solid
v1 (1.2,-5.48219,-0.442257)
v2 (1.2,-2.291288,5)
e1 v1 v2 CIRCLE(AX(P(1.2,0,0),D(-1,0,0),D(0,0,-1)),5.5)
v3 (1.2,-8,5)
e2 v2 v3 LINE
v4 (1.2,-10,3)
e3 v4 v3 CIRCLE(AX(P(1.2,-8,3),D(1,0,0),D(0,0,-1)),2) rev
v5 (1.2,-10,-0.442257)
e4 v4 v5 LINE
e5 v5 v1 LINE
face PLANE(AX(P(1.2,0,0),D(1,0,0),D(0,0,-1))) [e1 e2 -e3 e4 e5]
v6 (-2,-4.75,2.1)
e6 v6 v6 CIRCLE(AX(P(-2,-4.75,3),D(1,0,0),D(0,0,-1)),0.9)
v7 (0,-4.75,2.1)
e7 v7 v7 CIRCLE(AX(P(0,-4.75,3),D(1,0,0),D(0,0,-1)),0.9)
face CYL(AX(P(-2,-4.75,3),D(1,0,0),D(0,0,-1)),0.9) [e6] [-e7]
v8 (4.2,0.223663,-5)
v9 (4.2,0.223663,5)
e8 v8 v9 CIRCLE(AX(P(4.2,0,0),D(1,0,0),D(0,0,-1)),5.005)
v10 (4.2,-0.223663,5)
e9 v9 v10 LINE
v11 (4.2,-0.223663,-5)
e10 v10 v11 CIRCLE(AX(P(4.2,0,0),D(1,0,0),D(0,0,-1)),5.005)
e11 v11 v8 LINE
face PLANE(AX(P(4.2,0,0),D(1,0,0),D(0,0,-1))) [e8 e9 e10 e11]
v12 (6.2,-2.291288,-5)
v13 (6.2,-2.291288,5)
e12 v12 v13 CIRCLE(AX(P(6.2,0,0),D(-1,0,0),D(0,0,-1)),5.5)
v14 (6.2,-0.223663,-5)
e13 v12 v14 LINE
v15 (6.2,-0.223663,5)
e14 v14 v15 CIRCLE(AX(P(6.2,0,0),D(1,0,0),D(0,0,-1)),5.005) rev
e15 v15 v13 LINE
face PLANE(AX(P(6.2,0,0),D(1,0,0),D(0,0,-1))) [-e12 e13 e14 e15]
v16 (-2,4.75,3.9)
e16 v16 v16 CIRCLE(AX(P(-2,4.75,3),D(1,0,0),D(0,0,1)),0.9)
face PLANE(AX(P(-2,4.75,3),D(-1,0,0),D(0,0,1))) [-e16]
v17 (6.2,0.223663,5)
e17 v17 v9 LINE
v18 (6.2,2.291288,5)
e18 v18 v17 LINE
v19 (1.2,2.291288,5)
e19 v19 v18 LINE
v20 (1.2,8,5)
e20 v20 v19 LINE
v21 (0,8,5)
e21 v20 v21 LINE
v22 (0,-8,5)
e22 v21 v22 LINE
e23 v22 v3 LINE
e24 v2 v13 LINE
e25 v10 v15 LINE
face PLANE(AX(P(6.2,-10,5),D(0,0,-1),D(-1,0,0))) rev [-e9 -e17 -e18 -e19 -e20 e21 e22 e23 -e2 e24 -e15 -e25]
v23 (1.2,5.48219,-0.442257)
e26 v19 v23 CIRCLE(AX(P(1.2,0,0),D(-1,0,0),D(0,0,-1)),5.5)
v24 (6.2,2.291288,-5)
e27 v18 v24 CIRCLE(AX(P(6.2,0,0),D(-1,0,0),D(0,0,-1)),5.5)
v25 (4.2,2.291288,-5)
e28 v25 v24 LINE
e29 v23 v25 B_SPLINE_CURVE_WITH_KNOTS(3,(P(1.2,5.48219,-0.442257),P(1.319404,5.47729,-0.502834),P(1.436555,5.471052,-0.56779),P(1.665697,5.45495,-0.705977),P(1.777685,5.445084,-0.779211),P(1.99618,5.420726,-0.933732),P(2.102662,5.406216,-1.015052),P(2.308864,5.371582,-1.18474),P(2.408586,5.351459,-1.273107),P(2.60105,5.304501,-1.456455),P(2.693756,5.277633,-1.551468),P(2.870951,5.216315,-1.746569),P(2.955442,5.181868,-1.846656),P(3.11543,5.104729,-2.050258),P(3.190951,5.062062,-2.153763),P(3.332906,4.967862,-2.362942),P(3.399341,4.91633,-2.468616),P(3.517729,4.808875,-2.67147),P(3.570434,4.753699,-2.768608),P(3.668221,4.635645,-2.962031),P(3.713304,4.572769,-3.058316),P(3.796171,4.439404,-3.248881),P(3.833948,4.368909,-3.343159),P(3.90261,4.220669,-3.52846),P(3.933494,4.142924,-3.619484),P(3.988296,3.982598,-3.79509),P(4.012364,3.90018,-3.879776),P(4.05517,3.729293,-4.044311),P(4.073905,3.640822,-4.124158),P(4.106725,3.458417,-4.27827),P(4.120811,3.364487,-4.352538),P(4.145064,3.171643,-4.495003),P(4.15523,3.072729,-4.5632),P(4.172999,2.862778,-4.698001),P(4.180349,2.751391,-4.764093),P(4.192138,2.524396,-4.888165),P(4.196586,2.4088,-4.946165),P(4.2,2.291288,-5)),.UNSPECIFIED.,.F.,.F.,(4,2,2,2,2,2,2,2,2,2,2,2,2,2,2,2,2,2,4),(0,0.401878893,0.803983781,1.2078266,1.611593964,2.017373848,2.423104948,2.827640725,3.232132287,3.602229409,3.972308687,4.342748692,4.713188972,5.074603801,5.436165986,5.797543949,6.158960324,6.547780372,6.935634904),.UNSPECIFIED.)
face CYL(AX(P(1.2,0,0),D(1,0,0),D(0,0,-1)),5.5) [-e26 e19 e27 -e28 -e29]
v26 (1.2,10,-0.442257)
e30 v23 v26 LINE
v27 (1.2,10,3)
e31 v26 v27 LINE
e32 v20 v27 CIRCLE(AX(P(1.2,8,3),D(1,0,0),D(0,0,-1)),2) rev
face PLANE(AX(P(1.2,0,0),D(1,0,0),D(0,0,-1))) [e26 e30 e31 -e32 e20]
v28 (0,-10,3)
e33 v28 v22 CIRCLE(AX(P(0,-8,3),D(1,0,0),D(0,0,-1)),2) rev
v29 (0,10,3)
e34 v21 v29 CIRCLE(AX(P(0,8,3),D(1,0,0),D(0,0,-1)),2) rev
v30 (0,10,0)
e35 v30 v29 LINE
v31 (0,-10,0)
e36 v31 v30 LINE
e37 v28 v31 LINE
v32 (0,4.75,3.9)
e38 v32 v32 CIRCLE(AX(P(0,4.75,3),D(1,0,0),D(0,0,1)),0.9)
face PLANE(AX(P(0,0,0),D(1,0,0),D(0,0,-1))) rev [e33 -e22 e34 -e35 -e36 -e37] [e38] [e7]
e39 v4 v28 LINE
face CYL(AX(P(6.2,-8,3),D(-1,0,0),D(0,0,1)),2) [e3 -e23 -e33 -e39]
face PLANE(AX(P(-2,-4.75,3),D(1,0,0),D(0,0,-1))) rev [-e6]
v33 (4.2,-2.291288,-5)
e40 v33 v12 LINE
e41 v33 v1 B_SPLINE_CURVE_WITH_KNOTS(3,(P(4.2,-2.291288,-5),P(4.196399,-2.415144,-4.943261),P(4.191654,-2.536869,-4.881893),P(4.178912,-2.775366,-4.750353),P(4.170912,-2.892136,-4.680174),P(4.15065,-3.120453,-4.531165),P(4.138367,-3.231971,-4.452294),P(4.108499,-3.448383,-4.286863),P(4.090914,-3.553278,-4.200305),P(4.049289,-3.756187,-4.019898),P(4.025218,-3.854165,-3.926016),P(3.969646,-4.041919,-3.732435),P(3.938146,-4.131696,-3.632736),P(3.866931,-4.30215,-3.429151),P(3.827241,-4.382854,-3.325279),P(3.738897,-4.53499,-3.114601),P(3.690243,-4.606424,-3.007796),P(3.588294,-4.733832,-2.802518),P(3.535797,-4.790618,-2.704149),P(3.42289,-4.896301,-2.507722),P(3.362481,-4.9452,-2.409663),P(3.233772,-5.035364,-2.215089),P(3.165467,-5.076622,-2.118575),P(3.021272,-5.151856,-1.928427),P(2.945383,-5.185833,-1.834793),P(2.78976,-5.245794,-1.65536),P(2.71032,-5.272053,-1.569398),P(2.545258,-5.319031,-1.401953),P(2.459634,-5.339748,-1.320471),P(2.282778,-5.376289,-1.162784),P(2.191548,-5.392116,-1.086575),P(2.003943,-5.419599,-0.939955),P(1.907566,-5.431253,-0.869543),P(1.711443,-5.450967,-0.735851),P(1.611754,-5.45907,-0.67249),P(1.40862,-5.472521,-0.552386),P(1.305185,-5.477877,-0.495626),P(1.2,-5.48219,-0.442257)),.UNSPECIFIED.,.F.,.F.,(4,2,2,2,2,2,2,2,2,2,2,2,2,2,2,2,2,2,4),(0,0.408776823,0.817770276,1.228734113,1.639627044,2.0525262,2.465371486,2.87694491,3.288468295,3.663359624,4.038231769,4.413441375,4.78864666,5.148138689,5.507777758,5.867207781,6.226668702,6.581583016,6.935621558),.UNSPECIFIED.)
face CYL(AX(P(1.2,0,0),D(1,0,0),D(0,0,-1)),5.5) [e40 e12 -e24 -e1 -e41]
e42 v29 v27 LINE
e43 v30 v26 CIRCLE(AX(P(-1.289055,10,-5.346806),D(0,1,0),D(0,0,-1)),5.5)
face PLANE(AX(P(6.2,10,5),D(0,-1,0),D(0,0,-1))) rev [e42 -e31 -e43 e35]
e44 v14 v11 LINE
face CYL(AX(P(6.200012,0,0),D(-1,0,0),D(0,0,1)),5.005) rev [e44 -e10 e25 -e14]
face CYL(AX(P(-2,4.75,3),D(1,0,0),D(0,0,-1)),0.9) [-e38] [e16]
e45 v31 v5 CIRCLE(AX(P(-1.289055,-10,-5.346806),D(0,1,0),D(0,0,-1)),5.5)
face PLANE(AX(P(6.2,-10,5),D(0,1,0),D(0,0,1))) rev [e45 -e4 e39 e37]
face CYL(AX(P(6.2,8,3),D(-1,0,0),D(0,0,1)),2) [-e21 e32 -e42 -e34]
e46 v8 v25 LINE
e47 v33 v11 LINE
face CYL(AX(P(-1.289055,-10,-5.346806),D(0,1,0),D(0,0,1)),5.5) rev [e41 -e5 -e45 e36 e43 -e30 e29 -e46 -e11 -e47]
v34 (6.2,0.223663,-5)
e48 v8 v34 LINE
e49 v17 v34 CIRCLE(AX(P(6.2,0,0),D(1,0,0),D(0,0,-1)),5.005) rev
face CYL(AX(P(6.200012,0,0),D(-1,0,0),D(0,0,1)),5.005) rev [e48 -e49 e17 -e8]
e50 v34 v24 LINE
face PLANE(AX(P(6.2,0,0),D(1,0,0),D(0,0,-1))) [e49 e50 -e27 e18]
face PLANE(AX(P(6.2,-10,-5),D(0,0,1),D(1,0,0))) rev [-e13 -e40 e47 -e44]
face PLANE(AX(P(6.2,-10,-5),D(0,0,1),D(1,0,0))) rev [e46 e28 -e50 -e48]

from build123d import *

# Parameters (mm, degrees)
SKETCH1_W               = 20
SKETCH1_H               = 10
BOSS_EXTRUDE1_DEPTH     = 6.2
SKETCH2_R               = 0.9
BOSS_EXTRUDE2_DEPTH     = 2
FILLET1_R               = 2
CUT_EXTRUDE1_DEPTH      = 14.86506401
CUT_EXTRUDE1_DEPTH_BACK = 2
SKETCH3_R               = 5.005
CUT_EXTRUDE2_DEPTH      = 13.784365452
CUT_EXTRUDE2_DEPTH_BACK = 13.784365452
CUT_EXTRUDE3_DEPTH      = 5


with BuildPart() as part:
    # Sketch1 → Boss-Extrude1 (new body)
    with BuildSketch(Plane.YZ):
        Rectangle(SKETCH1_W, SKETCH1_H)
    extrude(amount=BOSS_EXTRUDE1_DEPTH)

    # Sketch2 → Boss-Extrude2 (add)
    with BuildSketch(Plane.YZ):
        with Locations(Location((-4.75, 3, 0), (0, 0, 270))):
            Circle(SKETCH2_R)
        with Locations(Location((4.75, 3, 0), (0, 0, 90))):
            Circle(SKETCH2_R)
    extrude(amount=-BOSS_EXTRUDE2_DEPTH)

    # Fillet1
    fillet1_edges = [part.edges().sort_by_distance(p)[0] for p in [
        (3.1, -10, 5),
        (3.1, 10, 5),
    ]]
    fillet(fillet1_edges, radius=FILLET1_R)

    # Sketch3 → Cut-Extrude1 (cut, two sides: drawn at the far end of the back side and taken through both)
    with BuildSketch(Plane.YZ.offset(6.2).offset(-CUT_EXTRUDE1_DEPTH_BACK)):
        Circle(SKETCH3_R)
    extrude(amount=CUT_EXTRUDE1_DEPTH + CUT_EXTRUDE1_DEPTH_BACK, mode=Mode.SUBTRACT)

    # Sketch4 → Cut-Extrude2 (cut, two sides: drawn at the far end of the back side and taken through both)
    with BuildSketch(Plane(origin=(0, 0, 0), x_dir=(-1, 0, 0), z_dir=(0, 1, 0)).offset(-CUT_EXTRUDE2_DEPTH_BACK)):
        with BuildLine():
            Line((-4.2, -5), (0, -5))
            Line((0, -5), (0, 0))
            ThreePointArc((0, 0), (-2.922321699, -1.809249773), (-4.2, -5))
        make_face()
    extrude(amount=CUT_EXTRUDE2_DEPTH + CUT_EXTRUDE2_DEPTH_BACK, mode=Mode.SUBTRACT)

    # Sketch5 → Cut-Extrude3 (cut)
    with BuildSketch(Plane.YZ.offset(6.2)):
        with BuildLine():
            Line((-10, 5), (-2.291287847, 5))
            ThreePointArc((-2.291287847, 5), (-5.5, 0), (-2.291287847, -5))
            Line((-2.291287847, -5), (-10, -5))
            Line((-10, -5), (-10, 5))
        make_face()
        with BuildLine():
            Line((10, 5), (10, -5))
            Line((10, -5), (2.291287847, -5))
            ThreePointArc((2.291287847, -5), (5.5, 0), (2.291287847, 5))
            Line((2.291287847, 5), (10, 5))
        make_face()
    extrude(amount=-CUT_EXTRUDE3_DEPTH, mode=Mode.SUBTRACT)


solid = part.part
